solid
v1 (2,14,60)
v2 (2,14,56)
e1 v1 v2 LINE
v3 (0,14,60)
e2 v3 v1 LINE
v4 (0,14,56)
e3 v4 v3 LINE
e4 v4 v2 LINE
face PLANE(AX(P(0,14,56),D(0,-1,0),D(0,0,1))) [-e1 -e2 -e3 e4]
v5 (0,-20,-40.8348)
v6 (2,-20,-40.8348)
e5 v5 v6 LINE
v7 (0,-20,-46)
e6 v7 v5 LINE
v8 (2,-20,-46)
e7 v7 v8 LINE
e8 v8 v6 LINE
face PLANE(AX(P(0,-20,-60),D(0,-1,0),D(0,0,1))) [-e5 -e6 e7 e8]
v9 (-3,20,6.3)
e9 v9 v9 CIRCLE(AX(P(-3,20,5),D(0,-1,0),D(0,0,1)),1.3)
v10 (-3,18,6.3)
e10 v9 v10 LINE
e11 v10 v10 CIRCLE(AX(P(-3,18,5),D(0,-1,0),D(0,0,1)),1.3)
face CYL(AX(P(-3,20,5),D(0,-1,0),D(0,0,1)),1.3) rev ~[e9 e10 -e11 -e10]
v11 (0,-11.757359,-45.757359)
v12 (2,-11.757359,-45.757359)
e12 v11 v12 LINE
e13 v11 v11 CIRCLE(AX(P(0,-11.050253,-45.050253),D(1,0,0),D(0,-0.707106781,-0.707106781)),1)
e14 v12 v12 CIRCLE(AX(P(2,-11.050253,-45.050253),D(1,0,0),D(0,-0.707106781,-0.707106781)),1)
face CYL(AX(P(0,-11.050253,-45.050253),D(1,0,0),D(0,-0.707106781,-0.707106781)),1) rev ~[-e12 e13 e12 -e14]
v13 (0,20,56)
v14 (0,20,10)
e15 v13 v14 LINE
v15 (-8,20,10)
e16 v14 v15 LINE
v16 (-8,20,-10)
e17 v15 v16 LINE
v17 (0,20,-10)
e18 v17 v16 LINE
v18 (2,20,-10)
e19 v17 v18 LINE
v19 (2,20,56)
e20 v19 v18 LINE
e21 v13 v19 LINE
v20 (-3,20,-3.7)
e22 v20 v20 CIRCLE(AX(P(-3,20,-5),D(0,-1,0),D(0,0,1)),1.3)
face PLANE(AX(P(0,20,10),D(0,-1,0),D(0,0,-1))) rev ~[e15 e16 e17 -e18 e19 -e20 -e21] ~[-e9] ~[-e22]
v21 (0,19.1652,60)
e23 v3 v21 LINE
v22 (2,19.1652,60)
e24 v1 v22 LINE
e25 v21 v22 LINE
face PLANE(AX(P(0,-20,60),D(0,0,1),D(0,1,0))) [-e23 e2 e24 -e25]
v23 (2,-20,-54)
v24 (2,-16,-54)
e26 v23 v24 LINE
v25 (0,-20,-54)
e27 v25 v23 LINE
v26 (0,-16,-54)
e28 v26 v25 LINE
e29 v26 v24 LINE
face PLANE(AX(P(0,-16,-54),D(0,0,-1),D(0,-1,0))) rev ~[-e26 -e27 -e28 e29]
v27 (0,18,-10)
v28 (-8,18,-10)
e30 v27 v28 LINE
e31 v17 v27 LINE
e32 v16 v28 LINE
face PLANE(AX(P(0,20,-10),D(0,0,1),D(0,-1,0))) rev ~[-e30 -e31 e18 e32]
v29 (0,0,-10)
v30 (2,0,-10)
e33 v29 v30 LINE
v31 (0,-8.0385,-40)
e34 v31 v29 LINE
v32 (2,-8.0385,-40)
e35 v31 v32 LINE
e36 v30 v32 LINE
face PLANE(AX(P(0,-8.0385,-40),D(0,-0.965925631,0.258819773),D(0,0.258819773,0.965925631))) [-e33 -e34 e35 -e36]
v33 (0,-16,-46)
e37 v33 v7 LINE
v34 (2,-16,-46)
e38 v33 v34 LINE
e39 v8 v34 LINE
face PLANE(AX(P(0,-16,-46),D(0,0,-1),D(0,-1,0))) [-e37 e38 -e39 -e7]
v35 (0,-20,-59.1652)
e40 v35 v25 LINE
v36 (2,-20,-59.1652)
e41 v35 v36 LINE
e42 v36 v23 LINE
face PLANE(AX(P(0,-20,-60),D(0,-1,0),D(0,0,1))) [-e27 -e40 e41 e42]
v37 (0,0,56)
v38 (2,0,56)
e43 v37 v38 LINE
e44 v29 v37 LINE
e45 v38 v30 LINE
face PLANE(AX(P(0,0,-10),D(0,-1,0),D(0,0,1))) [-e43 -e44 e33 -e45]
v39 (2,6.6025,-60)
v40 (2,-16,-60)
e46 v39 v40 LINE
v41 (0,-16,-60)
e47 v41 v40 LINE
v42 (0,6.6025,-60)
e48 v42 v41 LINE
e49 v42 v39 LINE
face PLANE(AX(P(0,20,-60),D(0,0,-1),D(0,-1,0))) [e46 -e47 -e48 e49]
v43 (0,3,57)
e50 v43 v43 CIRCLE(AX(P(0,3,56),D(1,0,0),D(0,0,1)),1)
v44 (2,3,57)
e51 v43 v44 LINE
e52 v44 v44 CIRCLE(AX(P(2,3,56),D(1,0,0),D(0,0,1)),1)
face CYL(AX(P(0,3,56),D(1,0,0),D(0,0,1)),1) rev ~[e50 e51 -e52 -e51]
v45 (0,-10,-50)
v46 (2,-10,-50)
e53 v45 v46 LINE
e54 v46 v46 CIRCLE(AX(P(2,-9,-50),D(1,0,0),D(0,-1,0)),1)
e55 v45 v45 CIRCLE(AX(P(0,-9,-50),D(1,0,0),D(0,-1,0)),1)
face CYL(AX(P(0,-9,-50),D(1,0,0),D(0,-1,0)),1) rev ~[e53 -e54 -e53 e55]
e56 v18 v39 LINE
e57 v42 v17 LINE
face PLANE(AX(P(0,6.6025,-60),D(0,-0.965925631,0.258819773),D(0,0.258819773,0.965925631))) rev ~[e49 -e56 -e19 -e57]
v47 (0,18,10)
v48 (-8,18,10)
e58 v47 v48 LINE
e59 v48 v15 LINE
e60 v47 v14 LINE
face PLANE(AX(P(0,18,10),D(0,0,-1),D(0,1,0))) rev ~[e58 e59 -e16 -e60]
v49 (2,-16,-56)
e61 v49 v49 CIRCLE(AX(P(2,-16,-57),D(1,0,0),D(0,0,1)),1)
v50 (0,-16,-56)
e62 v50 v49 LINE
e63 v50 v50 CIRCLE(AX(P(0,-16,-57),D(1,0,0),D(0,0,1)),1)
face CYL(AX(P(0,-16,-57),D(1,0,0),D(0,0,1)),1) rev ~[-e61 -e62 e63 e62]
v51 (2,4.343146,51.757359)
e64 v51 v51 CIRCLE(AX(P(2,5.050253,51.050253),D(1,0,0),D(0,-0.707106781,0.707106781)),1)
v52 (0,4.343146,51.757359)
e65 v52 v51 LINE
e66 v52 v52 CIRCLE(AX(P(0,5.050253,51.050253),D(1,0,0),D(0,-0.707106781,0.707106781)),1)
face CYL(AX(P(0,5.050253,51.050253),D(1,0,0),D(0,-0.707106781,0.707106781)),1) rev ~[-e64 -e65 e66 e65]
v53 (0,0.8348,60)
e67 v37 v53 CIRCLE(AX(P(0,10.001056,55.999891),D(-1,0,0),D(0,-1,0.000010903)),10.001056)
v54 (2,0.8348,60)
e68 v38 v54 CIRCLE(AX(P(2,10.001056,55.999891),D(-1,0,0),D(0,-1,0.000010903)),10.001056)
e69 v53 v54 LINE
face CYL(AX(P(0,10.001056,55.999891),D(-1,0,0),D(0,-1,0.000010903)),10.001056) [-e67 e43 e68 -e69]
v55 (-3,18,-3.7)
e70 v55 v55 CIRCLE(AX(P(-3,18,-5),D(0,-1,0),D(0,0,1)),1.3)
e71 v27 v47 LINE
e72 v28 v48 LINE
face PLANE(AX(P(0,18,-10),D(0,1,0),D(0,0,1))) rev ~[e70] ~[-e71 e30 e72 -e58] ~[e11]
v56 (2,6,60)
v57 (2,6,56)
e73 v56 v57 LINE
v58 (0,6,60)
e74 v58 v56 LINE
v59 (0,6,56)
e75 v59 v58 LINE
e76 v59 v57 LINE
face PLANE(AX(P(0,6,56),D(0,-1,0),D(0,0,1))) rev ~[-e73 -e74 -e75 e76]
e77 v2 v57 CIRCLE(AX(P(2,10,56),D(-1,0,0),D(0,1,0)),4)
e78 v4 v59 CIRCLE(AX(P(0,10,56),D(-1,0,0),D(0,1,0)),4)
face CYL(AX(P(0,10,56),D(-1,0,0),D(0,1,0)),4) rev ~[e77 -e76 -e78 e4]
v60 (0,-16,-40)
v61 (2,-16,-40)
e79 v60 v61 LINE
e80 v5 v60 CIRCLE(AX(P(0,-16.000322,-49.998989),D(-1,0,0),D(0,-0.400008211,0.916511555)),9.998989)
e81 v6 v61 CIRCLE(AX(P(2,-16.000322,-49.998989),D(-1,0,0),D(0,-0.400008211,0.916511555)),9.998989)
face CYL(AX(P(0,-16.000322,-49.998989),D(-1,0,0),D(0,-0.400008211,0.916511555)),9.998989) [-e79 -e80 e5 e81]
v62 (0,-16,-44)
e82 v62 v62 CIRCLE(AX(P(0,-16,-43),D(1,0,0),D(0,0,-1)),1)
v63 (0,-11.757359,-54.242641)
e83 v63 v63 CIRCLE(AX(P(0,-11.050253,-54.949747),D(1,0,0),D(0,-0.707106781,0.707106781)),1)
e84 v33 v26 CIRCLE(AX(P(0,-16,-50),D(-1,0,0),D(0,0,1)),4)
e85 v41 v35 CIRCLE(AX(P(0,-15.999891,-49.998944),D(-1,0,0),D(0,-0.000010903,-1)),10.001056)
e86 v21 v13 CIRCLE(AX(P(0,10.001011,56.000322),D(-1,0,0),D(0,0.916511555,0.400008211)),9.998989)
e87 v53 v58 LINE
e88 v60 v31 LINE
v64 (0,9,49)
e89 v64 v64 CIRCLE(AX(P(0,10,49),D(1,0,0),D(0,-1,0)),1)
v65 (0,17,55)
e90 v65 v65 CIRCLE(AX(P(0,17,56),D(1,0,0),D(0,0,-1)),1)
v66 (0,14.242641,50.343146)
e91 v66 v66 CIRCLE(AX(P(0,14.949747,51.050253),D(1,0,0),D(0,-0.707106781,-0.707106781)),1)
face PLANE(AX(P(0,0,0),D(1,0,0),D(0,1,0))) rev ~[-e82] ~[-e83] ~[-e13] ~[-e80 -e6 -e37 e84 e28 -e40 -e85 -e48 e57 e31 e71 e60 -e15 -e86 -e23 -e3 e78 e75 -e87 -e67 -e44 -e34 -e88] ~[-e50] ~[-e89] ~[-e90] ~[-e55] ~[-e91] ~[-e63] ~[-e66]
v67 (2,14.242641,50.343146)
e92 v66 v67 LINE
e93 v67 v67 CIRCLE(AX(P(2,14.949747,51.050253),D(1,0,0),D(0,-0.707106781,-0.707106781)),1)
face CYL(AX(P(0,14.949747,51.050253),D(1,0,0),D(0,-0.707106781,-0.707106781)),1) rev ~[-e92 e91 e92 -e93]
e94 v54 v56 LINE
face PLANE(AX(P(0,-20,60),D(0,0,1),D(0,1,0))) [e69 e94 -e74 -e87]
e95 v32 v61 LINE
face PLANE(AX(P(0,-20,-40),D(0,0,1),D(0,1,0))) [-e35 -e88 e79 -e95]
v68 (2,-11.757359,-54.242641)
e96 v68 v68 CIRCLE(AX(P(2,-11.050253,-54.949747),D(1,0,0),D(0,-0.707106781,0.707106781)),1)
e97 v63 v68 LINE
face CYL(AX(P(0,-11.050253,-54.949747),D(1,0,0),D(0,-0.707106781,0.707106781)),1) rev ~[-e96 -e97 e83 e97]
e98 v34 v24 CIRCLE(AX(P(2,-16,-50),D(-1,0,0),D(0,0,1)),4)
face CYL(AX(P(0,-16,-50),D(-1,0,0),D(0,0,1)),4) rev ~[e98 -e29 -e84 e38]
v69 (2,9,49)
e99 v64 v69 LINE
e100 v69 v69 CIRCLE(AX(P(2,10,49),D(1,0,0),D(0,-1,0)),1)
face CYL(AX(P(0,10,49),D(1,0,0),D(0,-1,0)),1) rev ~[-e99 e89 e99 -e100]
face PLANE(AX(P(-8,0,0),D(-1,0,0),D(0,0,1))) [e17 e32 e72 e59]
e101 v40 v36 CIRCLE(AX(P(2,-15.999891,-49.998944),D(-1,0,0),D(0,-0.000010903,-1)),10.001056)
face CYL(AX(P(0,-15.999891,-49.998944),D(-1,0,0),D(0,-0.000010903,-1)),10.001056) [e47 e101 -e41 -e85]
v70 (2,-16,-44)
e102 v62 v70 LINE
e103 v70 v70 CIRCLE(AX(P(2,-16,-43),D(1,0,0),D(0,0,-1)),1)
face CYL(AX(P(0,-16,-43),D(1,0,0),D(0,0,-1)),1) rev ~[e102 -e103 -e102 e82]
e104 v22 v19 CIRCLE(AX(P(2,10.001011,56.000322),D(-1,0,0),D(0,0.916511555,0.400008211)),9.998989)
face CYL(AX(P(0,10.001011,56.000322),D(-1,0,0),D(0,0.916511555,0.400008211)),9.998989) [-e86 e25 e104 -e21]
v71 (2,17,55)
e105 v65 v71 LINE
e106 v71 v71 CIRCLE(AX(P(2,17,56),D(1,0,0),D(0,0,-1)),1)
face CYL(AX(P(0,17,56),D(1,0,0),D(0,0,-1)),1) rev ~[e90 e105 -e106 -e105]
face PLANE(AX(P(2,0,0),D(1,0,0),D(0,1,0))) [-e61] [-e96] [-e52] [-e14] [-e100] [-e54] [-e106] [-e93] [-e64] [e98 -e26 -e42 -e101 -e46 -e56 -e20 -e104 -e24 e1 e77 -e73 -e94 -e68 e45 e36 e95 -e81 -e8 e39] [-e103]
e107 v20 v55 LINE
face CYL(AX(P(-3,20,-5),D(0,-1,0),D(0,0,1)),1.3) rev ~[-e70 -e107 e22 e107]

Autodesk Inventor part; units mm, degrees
ref_plane "YZ Plane" through (0, 0, 0) normal (1, 0, 0) x (0, 1, 0)
ref_plane "XZ Plane" through (0, 0, 0) normal (0, 1, 0) x (-1, 0, 0)
ref_plane "XY Plane" through (0, 0, 0) normal (0, 0, 1) x (1, 0, 0)
sketch "スケッチ1" plane through (0, 0, 0) normal (1, 0, 0) x (0, 1, 0)
  line L0 (-20, 60) -> (20, 60)
  line L1 (20, 60) -> (20, -60)
  line L2 (20, -60) -> (-20, -60)
  line L3 (-20, -60) -> (-20, 60)
  point P0 (0, 0)
  dimension "d0" = 120
  dimension "d2" = 40
  dimension "d3" = 20
  dimension "d4" = 60
extrude "押し出し1" add sketch "スケッチ1" along normal blind 2
sketch "スケッチ3" plane through (0, 0, 0) normal (-1, 0, 0) x (0, 0, 1)
  line L0 (60, -20) -> (60, 20) projected
  line L1 (60, 20) -> (-60, 20) projected
  line L2 (-60, 20) -> (-60, -20) projected
  line L3 (-60, -20) -> (60, -20) projected
  line L4 (-40, -20) -> (-40, -8.0385)
  line L5 (-40, -8.0385) -> (-10, 0)
  line L6 (-10, 0) -> (60, 0)
  line L7 (60, 0) -> (60, 20)
  line L8 (-60, 6.6025) -> (-10, 20)
  point P0 (0, 0)
  dimension "d11" = 20
  dimension "d12" = 15
  dimension "d13" = 15
  dimension "d14" = 20
  dimension "d15" = 120
  dimension "d17" = 70
  dimension "d18" = 70
extrude "押し出し3" cut sketch "スケッチ3" against normal blind 20 contours L6 L5 L4 L3 L2 L8 L1 L0 keep common part
sketch "スケッチ6" plane through (0, 0, 0) normal (-1, 0, 0) x (0, 0, 1)
  line L0 (-40, -8.0385) -> (-40, -20) projected
  line L1 (-10, 0) -> (-40, -8.0385) projected
  line L2 (60, 0) -> (-10, 0) projected
  line L3 (60, 0) -> (60, 20) projected
  line L4 (60, 20) -> (-10, 20) projected
  line L5 (-60, 6.6025) -> (-10, 20) projected
  line L6 (-60, 6.6025) -> (-60, -20) projected
  line L7 (-60, -20) -> (-40, -20) projected
  arc A0 (-46, -16) -> (-54, -16) centre (-50, -16) ccw
  arc A1 (56, 14) -> (56, 6) centre (56, 10) ccw
  line L8 (-54, -16) -> (-54, -20)
  line L9 (-46, -16) -> (-46, -20)
  line L10 (56, 14) -> (60, 14)
  line L11 (56, 6) -> (60, 6)
  arc A2 (-40.8348, -20) -> (-40, -16) centre (-50, -16) ccw
  arc A3 (-60, -16) -> (-59.1652, -20) centre (-50, -16) ccw
  arc A4 (56, 0) -> (60, 0.8348) centre (56, 10) ccw
  arc A5 (60, 19.1652) -> (56, 20) centre (56, 10) ccw
  point P0 (0, 0)
  dimension "d39" = 8
  dimension "d40" = 4
  dimension "d41" = 4
  dimension "d42" = 10
  dimension "d43" = 10
extrude "押し出し6" cut sketch "スケッチ6" against normal blind 11 contours L0 A2 L7 L9 A0 L8 A3 L6 L5 L4 A5 L3 L10 A1 L11 A4 L2 L1 keep common part
sketch "スケッチ7" plane through (0, 0, 0) normal (-1, 0, 0) x (0, 0, 1)
  arc A0 (60, 19.1652) -> (56, 20) centre (56, 10) ccw projected
  arc A1 (-60, -16) -> (-59.1652, -20) centre (-50, -16) ccw projected
  line L0 (-59.1652, -20) -> (-54, -20) projected
  line L1 (60, 0.8348) -> (60, 6) projected
  circle A2 centre (56, 3) radius 1
  circle A3 centre (-57, -16) radius 1
  point P0 (0, 0)
  dimension "d46" = 2
  dimension "d48" = 7
  dimension "d49" = 4
  dimension "d50" = 4
  dimension "d51" = 7
hole "穴1" at (0, -16, -57) at (0, 3, 56) direction (1, 0, 0) diameter 2 end through all
pattern_circular "円形状パターン1" count 5 over 180 about axis through (0, -16, -50) along (1, 0, 0) of "穴1"
pattern_circular "円形状パターン2" count 5 over 180 about axis through (0, 10, 56) along (1, 0, 0) of "穴1"
sketch "スケッチ9" plane through (0, 0, 0) normal (-1, 0, 0) x (0, 0, 1)
  line L0 (56, 20) -> (-10, 20) projected
  line L1 (60, 14) -> (60, 19.1652) projected
  line L2 (10, 20) -> (-10, 20)
  line L3 (-10, 20) -> (-10, 18)
  line L4 (-10, 18) -> (10, 18)
  line L5 (10, 18) -> (10, 20)
  point P0 (0, 0)
  dimension "d85" = 2
  dimension "d87" = 20
  dimension "d88" = 50
extrude "押し出し8" add sketch "スケッチ9" along normal blind 8
sketch "スケッチ10" plane through (0, 20, 56) normal (0, 1, 0) x (1, 0, 0)
  line L0 (0, 66) -> (-8, 66) projected
  line L1 (-8, 46) -> (-8, 66) projected
  circle A0 centre (-3, 51) radius 1
  circle A1 centre (-3, 61) radius 1
  point P0 (0, 56)
  dimension "d94" = 5
  dimension "d95" = 5
  dimension "d96" = 10
  dimension "d97" = 5
  dimension "d98" = 2
hole "穴3" at (-3, 20, 5) at (-3, 20, -5) direction (0, -1, 0) diameter 2.6 end through all
thread "ねじ5" size "M2.6x0.45" class "6H" standard "ANSI Metric M Profile" full length
thread "ねじ6" size "M2.6x0.45" class "6H" standard "ANSI Metric M Profile" full length
properties part number "10"
